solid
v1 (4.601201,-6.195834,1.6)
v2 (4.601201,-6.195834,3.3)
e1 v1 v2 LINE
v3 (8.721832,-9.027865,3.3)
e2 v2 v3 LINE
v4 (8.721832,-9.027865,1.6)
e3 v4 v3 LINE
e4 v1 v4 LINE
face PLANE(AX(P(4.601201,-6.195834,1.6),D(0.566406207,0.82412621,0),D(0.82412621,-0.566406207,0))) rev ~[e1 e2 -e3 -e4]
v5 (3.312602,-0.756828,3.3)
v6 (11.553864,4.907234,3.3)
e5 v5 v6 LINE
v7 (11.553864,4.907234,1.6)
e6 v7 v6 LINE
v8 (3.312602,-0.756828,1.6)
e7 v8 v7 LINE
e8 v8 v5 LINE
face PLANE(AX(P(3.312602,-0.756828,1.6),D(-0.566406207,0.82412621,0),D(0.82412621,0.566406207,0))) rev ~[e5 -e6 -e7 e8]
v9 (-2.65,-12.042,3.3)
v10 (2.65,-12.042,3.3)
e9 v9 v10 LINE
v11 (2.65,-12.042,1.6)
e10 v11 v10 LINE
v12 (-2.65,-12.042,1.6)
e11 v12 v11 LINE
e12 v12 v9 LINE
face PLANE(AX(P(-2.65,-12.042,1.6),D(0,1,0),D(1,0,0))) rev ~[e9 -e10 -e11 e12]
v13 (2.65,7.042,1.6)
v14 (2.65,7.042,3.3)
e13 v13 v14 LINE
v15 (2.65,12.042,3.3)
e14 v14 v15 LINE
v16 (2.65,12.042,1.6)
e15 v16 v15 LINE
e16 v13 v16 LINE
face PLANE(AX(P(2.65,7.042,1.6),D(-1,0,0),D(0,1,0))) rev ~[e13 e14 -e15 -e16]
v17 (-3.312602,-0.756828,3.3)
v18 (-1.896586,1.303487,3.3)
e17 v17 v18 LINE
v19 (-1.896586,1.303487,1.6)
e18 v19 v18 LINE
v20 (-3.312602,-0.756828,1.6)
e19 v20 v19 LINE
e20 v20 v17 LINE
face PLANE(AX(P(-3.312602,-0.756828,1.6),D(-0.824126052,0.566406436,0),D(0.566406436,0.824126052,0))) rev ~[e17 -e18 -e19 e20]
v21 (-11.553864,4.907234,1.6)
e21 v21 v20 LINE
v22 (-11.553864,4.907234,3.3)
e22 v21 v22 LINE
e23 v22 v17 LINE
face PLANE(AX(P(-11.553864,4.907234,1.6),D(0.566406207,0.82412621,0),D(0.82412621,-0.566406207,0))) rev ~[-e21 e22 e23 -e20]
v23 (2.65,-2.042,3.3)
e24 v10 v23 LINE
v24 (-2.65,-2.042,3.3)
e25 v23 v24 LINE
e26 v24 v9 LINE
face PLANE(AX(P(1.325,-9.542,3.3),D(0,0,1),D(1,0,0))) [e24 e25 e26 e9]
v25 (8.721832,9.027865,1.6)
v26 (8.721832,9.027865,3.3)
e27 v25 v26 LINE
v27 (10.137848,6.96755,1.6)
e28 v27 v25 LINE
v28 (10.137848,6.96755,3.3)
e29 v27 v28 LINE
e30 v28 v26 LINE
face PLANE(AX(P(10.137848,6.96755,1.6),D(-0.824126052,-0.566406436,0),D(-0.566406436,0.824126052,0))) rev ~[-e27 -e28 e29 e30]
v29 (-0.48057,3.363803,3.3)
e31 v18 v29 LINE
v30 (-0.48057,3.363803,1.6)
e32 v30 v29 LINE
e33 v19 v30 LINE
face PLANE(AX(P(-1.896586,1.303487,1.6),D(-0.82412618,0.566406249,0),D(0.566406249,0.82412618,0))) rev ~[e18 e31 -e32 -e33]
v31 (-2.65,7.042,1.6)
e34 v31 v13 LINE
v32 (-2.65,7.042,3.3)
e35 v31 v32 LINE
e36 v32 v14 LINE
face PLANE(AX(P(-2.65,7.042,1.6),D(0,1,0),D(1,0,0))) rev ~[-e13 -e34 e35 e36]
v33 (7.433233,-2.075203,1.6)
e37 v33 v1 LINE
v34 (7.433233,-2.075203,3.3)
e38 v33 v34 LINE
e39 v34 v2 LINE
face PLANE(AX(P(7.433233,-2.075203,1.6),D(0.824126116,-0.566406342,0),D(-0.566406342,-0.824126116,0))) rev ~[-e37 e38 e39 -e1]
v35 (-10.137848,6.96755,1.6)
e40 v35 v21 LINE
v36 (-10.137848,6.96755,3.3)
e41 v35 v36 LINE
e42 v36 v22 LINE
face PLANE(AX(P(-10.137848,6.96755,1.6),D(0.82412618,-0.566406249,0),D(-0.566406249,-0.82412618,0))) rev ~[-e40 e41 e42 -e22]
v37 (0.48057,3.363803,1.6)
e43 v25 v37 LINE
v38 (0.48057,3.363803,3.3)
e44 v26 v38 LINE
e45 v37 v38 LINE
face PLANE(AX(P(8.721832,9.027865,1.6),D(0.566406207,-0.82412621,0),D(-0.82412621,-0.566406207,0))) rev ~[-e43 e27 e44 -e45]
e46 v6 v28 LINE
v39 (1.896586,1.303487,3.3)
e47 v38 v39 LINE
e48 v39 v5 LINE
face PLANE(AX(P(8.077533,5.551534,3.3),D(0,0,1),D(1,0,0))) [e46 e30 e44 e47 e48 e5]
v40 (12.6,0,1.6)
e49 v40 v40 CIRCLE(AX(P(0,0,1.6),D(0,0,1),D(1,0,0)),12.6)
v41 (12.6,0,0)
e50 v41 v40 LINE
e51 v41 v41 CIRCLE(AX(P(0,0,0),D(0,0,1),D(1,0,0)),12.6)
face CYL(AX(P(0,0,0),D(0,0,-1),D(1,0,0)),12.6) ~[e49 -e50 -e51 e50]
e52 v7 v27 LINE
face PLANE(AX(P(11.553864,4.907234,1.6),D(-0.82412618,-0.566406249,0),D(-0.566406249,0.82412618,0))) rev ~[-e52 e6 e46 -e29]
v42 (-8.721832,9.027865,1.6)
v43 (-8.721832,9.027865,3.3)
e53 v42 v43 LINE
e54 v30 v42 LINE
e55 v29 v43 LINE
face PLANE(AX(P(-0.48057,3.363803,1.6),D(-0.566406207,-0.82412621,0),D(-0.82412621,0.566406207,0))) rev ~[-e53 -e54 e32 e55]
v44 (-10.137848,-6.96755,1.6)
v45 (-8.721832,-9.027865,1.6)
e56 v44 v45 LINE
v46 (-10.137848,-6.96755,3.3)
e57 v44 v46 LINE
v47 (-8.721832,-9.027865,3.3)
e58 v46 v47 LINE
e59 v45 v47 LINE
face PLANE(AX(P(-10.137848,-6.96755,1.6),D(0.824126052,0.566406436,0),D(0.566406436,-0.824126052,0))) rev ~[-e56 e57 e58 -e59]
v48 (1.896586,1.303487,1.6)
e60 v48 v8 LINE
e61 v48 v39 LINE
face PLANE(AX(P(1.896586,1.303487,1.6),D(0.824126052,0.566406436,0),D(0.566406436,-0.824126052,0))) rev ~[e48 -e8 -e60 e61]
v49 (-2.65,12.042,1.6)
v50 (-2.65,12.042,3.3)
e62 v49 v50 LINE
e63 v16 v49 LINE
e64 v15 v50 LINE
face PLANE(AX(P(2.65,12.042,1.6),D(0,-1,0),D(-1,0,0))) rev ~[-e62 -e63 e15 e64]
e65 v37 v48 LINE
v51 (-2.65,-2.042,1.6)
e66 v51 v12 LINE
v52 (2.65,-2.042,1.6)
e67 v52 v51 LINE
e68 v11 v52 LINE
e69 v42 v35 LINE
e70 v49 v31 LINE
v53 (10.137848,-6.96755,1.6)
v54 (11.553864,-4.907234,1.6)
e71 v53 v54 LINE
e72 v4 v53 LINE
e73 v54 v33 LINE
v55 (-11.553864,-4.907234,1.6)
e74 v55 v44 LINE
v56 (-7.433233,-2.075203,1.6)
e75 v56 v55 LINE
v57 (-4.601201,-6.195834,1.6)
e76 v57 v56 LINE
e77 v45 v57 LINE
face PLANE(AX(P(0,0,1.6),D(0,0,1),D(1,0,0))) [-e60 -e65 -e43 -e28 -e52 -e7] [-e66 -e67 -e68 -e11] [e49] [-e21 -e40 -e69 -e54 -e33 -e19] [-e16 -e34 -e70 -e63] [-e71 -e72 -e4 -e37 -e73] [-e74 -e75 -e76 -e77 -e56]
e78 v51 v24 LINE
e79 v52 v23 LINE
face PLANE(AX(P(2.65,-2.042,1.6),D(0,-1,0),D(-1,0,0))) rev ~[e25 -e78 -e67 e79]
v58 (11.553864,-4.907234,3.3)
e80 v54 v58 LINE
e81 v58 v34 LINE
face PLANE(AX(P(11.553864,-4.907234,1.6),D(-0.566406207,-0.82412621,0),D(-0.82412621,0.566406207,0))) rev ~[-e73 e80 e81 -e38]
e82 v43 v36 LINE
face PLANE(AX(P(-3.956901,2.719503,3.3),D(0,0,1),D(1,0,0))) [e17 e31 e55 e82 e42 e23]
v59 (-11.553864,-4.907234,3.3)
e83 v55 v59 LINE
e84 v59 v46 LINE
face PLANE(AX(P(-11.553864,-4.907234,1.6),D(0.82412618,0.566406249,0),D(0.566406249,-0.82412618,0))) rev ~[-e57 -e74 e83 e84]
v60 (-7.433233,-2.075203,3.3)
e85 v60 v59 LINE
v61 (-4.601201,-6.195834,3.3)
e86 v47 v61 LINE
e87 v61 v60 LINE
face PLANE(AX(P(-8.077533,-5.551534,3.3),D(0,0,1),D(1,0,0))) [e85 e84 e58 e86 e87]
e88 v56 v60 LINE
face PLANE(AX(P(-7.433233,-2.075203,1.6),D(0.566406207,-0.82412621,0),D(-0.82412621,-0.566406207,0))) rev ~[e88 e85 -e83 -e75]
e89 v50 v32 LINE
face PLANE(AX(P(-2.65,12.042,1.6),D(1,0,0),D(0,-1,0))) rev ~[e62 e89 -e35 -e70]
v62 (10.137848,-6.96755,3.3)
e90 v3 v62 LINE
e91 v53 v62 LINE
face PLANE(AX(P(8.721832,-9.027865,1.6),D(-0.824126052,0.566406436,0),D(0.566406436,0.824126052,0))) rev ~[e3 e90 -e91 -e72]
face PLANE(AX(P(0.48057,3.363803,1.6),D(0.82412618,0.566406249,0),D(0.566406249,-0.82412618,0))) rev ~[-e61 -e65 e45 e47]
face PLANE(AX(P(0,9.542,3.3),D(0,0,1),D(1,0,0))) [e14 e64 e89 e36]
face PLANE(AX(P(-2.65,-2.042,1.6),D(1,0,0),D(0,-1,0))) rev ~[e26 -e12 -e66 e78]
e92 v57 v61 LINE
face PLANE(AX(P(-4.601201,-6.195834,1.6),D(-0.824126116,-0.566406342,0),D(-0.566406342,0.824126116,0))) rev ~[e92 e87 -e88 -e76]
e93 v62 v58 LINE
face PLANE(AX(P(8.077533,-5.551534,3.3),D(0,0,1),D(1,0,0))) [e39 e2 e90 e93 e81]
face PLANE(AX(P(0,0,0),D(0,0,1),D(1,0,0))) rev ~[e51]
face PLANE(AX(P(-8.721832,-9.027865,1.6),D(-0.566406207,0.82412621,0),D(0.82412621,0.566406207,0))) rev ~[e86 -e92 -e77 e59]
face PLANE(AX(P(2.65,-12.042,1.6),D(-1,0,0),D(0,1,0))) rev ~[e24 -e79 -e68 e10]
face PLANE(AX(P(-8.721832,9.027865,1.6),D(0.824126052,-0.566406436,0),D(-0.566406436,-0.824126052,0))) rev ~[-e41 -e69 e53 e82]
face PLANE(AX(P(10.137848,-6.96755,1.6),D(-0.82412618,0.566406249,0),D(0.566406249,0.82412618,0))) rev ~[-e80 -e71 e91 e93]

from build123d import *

# Parameters (mm, degrees)
F0_R     = 12.6
F1_DEPTH = 1.6
F2_W     = 2.65
F2_H     = 5
F3_DEPTH = 1.7


with BuildPart() as f1:
    # F0 (on Top) → F1 (new body)
    with BuildSketch(Plane.XY):
        Circle(F0_R)
    extrude(amount=F1_DEPTH)

    # F2 (on face) → F3 (join)
    with BuildSketch(Plane.XY.offset(1.6)):
        with Locations((1.325, -9.542)):
            Rectangle(F2_W, F2_H)
        with Locations((-1.325, -9.542)):
            Rectangle(F2_W, F2_H)
        Polygon((-2.65, -7.042), (0, -7.042), (2.65, -7.042), (2.65, -2.042), (0, -2.042), (-2.65, -2.042), align=None)
        Polygon((4.601201, -6.195834), (8.721832, -9.027865), (10.137848, -6.96755), (11.553864, -4.907234), (7.433233, -2.075203), align=None)
        Polygon((-8.721832, -9.027865), (-4.601201, -6.195834), (-7.433233, -2.075203), (-11.553864, -4.907234), (-10.137848, -6.96755), align=None)
        Polygon((0, 12.042), (-2.65, 12.042), (-2.65, 7.042), (0, 7.042), (2.65, 7.042), (2.65, 12.042), align=None)
        Polygon((7.433233, 2.075203), (11.553864, 4.907234), (10.137848, 6.96755), (8.721832, 9.027865), (4.601201, 6.195834), align=None)
        Polygon((3.312602, -0.756828), (7.433233, 2.075203), (4.601201, 6.195834), (0.48057, 3.363803), (1.896586, 1.303487), align=None)
        Polygon((-0.48057, 3.363803), (-4.601201, 6.195834), (-7.433233, 2.075203), (-3.312602, -0.756828), (-1.896586, 1.303487), align=None)
        Polygon((-7.433233, 2.075203), (-4.601201, 6.195834), (-8.721832, 9.027865), (-10.137848, 6.96755), (-11.553864, 4.907234), align=None)
    extrude(amount=F3_DEPTH)


solid = f1.part
